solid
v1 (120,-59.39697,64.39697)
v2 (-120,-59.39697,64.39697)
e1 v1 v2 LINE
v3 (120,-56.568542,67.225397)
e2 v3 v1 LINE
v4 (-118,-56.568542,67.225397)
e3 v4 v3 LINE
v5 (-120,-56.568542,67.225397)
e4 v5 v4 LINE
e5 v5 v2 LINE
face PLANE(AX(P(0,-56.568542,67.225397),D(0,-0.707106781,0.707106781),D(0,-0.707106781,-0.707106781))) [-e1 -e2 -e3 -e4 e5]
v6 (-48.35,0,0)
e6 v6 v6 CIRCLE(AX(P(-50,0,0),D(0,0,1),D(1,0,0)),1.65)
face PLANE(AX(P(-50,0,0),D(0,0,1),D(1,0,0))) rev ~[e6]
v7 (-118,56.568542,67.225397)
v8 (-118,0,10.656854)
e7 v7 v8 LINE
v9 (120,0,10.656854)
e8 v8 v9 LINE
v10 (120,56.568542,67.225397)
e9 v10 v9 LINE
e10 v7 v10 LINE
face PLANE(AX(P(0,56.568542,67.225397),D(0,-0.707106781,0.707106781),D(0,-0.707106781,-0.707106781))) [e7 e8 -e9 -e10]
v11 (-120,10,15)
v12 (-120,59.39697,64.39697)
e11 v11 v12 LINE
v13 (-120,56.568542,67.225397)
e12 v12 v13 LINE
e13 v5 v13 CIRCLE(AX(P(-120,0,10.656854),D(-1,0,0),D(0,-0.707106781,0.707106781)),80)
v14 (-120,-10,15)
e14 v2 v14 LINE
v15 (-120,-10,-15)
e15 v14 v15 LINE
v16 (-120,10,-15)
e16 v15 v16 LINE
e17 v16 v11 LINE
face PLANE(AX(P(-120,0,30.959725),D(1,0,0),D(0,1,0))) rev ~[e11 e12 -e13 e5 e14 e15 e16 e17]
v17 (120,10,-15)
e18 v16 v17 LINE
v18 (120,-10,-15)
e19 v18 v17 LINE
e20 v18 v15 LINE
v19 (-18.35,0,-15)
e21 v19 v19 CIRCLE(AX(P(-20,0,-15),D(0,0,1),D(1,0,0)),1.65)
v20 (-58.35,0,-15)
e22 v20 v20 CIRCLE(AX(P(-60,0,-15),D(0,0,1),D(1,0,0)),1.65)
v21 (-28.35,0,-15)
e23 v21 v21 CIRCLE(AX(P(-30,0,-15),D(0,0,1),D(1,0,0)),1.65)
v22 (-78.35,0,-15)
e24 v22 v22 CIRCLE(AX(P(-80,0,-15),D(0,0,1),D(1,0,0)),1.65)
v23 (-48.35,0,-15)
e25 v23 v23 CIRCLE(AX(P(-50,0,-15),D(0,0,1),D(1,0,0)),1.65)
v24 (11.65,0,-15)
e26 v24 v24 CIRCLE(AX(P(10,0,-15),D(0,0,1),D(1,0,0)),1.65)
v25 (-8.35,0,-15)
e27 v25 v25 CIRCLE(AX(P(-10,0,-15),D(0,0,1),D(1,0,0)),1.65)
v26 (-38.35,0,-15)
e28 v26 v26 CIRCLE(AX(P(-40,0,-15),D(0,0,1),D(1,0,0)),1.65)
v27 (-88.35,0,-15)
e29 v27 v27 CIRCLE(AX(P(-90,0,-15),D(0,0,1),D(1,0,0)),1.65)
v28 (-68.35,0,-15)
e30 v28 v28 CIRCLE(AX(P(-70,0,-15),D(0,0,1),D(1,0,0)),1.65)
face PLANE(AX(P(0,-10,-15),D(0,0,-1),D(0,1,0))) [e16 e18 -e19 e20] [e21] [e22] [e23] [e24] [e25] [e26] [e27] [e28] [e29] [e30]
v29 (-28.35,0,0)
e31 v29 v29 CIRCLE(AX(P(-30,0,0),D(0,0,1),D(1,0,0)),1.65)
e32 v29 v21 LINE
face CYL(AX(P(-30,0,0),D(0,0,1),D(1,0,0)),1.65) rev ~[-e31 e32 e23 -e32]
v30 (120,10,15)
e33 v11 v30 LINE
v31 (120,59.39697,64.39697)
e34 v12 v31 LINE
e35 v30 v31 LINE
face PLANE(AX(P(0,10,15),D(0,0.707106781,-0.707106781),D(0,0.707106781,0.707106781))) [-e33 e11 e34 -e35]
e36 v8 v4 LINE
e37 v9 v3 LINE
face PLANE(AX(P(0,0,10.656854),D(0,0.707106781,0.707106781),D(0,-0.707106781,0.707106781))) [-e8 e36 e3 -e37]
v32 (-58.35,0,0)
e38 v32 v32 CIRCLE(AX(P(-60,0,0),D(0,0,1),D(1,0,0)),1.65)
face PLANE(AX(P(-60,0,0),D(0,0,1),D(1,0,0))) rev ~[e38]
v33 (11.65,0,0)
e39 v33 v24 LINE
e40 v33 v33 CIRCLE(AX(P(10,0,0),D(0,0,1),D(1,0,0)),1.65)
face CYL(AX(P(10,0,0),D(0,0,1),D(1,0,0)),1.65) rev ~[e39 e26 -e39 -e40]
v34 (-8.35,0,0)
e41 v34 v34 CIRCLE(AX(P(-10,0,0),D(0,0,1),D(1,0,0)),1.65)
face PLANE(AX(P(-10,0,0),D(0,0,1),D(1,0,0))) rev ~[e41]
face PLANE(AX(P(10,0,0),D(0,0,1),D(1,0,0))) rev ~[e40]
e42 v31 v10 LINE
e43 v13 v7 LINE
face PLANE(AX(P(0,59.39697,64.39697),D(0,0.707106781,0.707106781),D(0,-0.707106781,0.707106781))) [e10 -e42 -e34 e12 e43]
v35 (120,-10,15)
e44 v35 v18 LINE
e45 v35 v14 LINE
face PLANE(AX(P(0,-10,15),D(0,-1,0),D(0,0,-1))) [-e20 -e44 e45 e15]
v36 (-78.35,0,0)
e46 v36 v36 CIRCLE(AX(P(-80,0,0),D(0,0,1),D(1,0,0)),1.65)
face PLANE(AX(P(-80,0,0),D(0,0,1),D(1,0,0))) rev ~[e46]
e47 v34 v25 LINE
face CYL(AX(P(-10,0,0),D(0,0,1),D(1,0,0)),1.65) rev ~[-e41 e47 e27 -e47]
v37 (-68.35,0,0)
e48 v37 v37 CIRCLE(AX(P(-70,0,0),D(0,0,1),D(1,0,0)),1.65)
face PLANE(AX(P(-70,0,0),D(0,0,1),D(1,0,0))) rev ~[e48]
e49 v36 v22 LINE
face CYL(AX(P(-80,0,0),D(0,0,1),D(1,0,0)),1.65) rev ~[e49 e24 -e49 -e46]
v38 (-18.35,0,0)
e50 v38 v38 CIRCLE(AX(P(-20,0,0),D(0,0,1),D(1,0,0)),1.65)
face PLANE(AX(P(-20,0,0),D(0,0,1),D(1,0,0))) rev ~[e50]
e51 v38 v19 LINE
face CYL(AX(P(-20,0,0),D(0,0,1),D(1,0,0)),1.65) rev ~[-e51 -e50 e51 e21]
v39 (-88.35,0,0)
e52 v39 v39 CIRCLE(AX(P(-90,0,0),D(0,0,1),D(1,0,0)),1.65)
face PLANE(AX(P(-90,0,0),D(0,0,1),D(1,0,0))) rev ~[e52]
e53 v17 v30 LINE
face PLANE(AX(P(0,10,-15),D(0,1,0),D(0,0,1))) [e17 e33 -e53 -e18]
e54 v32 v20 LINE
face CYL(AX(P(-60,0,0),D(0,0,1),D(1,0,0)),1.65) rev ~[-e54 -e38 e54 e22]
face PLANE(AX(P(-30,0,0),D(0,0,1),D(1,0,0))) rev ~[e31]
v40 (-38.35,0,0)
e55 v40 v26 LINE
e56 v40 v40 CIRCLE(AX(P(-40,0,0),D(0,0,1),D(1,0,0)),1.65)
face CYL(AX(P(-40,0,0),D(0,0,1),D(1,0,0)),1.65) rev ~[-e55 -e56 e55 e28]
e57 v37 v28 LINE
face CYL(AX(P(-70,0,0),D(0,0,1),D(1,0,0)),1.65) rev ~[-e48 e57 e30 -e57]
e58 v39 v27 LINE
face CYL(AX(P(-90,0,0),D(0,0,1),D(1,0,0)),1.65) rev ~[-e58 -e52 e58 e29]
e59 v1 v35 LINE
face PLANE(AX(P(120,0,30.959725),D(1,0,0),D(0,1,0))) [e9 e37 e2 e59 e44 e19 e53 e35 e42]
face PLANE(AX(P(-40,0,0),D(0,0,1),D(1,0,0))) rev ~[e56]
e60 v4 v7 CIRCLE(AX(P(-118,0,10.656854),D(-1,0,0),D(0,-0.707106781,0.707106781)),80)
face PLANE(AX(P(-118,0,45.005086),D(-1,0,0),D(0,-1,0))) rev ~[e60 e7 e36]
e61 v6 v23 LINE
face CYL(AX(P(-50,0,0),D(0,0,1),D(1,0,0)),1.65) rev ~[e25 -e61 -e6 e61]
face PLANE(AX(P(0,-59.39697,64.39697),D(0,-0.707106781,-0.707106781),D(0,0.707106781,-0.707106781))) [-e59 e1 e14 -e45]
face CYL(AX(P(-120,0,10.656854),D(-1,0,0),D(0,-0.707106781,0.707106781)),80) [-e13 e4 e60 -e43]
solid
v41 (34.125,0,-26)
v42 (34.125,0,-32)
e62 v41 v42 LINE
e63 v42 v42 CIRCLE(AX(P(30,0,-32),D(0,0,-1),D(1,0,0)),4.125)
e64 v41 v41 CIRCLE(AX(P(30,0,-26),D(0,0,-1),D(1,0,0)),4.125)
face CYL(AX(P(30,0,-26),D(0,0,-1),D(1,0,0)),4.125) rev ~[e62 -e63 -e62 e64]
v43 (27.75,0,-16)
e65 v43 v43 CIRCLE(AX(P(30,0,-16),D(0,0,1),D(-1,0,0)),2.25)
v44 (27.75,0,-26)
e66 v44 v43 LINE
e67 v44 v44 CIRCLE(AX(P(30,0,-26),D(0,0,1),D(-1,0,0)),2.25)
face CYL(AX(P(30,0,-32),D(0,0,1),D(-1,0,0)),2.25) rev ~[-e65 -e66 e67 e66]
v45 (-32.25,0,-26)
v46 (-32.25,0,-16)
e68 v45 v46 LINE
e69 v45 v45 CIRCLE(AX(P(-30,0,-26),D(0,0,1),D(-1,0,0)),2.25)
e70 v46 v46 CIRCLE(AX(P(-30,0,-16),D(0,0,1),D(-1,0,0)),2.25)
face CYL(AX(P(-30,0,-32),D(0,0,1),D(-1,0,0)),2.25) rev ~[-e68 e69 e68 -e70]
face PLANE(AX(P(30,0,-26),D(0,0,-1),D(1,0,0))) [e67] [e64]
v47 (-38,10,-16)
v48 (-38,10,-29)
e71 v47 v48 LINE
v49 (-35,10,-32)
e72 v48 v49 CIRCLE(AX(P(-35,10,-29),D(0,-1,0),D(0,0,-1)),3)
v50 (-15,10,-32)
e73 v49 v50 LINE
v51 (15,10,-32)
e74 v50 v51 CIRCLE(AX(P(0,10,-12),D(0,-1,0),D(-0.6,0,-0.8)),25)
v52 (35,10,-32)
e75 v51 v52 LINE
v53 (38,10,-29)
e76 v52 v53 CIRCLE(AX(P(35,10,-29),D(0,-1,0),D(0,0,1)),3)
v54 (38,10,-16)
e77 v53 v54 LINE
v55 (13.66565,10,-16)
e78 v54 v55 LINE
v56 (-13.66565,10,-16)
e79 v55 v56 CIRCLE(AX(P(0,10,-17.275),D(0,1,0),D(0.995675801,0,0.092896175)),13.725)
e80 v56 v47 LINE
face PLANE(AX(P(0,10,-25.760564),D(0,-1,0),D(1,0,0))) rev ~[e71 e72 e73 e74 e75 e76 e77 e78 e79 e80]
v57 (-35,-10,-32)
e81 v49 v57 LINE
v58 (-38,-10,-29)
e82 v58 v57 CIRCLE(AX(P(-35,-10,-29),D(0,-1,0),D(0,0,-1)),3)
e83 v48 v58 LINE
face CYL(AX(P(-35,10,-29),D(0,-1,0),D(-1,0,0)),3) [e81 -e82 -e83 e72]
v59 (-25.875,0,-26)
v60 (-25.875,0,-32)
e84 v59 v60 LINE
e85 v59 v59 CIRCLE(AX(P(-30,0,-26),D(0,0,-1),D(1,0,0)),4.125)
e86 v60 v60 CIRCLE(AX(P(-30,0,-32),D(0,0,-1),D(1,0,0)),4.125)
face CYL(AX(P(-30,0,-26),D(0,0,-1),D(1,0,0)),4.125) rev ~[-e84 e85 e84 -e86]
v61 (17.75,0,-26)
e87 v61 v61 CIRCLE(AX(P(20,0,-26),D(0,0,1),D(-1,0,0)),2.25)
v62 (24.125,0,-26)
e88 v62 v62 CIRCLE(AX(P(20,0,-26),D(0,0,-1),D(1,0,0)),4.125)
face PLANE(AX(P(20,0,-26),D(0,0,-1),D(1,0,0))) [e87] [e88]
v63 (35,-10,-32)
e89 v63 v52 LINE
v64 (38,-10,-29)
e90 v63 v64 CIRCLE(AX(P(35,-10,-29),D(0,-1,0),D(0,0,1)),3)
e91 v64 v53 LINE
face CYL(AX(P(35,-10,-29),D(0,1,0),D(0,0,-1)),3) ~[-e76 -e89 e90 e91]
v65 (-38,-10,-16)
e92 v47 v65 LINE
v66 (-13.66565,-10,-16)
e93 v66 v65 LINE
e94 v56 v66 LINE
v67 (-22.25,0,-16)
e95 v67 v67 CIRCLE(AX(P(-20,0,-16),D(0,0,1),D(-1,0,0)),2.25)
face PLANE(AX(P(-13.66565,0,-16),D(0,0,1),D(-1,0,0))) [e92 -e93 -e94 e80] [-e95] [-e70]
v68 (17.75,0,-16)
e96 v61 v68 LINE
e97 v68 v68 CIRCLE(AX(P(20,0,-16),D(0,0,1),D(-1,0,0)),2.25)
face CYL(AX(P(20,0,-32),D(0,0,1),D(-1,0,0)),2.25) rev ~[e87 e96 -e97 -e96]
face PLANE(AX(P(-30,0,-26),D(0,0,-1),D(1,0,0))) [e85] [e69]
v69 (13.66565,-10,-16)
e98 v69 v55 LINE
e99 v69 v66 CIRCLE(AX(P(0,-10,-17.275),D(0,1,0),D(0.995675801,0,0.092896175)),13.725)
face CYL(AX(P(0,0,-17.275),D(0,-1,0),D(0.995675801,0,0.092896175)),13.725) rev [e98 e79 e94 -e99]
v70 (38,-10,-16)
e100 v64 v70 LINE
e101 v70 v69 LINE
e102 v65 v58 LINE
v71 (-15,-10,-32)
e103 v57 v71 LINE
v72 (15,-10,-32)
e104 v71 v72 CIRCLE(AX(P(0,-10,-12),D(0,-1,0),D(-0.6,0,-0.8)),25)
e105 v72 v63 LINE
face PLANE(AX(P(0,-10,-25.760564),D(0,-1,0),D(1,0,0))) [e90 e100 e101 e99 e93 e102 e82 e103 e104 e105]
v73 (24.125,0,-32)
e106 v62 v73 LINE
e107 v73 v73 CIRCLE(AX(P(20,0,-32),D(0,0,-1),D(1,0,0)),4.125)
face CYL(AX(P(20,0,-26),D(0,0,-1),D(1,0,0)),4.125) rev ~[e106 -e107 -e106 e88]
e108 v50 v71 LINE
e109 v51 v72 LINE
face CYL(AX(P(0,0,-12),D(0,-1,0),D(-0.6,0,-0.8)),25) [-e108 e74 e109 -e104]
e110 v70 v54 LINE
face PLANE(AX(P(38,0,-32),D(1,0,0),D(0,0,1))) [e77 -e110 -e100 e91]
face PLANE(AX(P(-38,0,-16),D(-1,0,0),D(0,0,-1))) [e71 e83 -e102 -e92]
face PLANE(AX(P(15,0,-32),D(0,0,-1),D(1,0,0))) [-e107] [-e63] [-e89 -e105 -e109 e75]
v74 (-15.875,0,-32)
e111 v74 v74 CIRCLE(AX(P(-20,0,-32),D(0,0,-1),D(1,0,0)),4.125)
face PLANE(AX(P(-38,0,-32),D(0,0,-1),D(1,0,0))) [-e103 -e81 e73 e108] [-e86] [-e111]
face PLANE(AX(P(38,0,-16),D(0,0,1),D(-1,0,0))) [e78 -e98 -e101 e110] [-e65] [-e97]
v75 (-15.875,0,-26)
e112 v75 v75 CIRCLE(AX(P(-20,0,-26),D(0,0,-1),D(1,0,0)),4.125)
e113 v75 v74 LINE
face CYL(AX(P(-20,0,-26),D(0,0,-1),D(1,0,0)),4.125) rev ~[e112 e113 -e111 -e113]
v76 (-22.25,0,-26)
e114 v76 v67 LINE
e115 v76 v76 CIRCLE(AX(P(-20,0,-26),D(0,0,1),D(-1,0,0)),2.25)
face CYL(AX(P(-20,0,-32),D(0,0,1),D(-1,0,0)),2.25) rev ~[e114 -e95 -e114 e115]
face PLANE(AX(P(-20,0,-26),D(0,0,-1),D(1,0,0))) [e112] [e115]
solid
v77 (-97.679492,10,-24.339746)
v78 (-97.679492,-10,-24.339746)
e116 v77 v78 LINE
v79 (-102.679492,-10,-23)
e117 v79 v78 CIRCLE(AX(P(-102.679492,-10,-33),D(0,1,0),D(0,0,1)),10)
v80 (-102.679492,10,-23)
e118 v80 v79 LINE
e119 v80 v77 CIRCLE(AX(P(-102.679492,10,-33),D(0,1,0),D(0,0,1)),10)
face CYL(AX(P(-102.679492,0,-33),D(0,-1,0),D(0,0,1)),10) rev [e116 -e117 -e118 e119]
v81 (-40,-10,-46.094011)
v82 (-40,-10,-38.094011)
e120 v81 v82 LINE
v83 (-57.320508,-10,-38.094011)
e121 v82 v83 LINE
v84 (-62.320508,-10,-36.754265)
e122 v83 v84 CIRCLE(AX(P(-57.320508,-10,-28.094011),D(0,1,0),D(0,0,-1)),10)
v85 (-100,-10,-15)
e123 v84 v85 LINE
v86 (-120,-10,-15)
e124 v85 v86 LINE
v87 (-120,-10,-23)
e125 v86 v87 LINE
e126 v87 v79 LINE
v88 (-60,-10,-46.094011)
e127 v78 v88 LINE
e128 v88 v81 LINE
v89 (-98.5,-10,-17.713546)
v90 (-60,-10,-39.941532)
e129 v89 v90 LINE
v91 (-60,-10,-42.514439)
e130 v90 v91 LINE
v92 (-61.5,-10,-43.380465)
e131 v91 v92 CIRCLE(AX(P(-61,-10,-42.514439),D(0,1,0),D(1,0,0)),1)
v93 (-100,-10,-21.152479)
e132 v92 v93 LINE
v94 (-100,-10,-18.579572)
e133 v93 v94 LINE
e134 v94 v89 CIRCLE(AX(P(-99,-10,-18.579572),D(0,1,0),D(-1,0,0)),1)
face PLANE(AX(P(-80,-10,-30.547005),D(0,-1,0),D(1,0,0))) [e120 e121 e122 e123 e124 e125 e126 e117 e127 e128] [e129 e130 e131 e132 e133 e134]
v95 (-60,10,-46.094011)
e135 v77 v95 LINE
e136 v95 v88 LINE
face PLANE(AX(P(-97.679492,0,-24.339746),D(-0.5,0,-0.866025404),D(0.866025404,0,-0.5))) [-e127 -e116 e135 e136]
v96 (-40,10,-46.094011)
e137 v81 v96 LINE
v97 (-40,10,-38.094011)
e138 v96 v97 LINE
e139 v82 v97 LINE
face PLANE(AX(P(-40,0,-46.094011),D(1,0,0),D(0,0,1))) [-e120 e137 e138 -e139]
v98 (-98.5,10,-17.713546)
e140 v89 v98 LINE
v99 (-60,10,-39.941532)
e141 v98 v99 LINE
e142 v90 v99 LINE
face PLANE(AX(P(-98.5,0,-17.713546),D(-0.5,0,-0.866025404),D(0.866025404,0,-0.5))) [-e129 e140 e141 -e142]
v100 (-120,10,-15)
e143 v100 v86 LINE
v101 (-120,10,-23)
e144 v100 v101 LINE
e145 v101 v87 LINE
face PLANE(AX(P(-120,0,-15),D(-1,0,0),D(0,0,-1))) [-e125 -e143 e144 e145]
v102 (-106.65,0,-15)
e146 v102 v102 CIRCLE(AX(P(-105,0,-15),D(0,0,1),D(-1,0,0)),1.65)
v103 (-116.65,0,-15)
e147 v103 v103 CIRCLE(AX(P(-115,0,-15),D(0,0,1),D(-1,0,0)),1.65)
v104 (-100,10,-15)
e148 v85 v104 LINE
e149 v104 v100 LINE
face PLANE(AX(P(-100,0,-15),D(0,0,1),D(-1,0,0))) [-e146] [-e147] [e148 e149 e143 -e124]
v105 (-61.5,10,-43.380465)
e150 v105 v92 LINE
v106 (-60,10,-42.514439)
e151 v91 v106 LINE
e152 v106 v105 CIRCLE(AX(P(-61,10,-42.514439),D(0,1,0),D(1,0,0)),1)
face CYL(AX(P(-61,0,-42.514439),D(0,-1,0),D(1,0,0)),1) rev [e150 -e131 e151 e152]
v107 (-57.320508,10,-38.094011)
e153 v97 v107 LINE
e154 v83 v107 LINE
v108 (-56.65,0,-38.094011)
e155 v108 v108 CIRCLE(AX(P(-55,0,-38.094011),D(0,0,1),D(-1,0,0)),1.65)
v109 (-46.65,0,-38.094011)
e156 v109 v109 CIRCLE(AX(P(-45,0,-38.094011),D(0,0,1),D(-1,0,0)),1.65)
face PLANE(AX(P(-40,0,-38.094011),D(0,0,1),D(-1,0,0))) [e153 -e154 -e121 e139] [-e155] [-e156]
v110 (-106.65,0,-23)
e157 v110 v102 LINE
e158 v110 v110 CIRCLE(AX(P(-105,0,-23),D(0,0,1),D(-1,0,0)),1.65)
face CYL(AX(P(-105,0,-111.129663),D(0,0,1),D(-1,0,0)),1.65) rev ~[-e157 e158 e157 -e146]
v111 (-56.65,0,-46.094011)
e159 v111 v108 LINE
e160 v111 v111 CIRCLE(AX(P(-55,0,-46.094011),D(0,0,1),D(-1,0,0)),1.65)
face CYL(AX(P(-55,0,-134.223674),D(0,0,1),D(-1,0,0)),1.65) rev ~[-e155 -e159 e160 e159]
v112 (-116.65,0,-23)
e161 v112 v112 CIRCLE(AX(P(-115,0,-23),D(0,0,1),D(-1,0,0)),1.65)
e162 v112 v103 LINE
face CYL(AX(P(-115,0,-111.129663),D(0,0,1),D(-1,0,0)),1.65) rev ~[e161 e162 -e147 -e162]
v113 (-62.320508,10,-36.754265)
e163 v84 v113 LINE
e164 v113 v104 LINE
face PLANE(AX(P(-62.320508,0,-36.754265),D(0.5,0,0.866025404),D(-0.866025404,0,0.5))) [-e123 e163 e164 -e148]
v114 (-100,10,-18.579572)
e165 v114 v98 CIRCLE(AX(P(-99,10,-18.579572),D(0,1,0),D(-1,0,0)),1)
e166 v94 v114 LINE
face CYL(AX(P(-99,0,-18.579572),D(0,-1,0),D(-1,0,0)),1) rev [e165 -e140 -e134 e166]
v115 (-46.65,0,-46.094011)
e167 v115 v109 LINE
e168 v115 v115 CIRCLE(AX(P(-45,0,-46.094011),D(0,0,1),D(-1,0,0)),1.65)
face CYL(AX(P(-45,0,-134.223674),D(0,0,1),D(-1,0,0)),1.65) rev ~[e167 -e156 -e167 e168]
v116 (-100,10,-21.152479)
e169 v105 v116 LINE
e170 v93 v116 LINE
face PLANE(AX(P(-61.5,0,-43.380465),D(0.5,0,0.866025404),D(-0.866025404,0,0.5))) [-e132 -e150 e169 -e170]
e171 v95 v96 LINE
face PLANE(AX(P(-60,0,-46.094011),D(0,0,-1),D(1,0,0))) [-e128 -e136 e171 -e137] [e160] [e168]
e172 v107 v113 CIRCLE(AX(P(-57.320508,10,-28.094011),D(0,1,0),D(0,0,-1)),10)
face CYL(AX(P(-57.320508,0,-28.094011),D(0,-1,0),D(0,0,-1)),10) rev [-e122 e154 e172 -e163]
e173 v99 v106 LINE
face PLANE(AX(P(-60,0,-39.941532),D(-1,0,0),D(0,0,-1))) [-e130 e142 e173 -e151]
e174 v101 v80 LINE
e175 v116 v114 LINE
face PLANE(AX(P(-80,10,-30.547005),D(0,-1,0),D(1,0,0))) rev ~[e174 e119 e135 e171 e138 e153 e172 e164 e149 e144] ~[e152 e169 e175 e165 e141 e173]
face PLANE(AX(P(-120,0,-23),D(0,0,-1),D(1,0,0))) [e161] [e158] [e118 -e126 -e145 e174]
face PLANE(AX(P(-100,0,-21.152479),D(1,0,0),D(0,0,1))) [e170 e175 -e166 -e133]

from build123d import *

# Parameters (mm, degrees)
F1_DEPTH        = 120
F1_DEPTH_BACK   = 120
F3_DEPTH        = 10
F3_DEPTH_BACK   = 10
F5_D            = 3.3
F5_DEPTH        = 15.001
F8_D            = 3.3
F8_ON_F6_D      = 3.3
F10_DEPTH       = 2
F12_DEPTH       = 10
F14_D           = 4.5
F14_DEPTH       = 40
F14_CBORE_D     = 8.25
F14_CBORE_DEPTH = 6
F14_TIP         = 1.3519363928
F15_R           = 3


with BuildPart() as f1:
    # F0 (on Right) → F1 (new body, two sides)
    with BuildSketch(Plane.YZ) as f1_sk:
        Polygon((-10, -15), (10, -15), (10, 15), (59.3969696197, 64.3969696197), (56.5685424949, 67.2253967444), (0, 10.6568542495), (-56.5685424949, 67.2253967444), (-59.3969696197, 64.3969696197), (-10, 15), align=None)
    extrude(amount=F1_DEPTH)
    extrude(f1_sk.sketch, amount=-F1_DEPTH_BACK)

    # F5 (through all, one way)
    with BuildSketch(Plane.XY):
        with Locations((-90, 0), (-80, 0), (-70, 0), (-60, 0), (-50, 0), (-40, 0), (-30, 0), (-20, 0), (-10, 0), (10, 0)):
            Circle(F5_D / 2)
    extrude(amount=-F5_DEPTH, mode=Mode.SUBTRACT)

    # F9 (on face) → F10 (join)
    with BuildSketch(Plane(origin=(-120, 0, 0), x_dir=(0, -1, 0), z_dir=(-1, 0, 0))):
        with BuildLine():
            Line((-56.5685424949, 67.2253967444), (-59.3969696197, 64.3969696197))
            Line((-59.3969696197, 64.3969696197), (-10, 15))
            Line((-10, 15), (-10, -15))
            Line((-10, -15), (10, -15))
            Line((10, -15), (10, 15))
            Line((10, 15), (59.3969696197, 64.3969696197))
            Line((59.3969696197, 64.3969696197), (56.5685424949, 67.2253967444))
            ThreePointArc((56.5685424949, 67.2253967444), (0, 90.6568542495), (-56.5685424949, 67.2253967444))
        make_face()
    extrude(amount=-F10_DEPTH)


with BuildPart() as f3:
    # F2 (on Front) → F3 (new body, two sides)
    with BuildSketch(Plane.XZ) as f3_sk:
        with BuildLine():
            Line((-100, -15), (-120, -15))
            Line((-120, -15), (-120, -23))
            Line((-120, -23), (-102.6794919243, -23))
            ThreePointArc((-102.6794919243, -23), (-100.0913014733, -23.3407417371), (-97.6794919243, -24.3397459622))
            Line((-97.6794919243, -24.3397459622), (-60, -46.0940107676))
            Line((-60, -46.0940107676), (-40, -46.0940107676))
            Line((-40, -46.0940107676), (-40, -38.0940107676))
            Line((-40, -38.0940107676), (-57.3205080757, -38.0940107676))
            ThreePointArc((-57.3205080757, -38.0940107676), (-59.9086985267, -37.7532690305), (-62.3205080757, -36.7542648054))
            Line((-62.3205080757, -36.7542648054), (-100, -15))
        make_face()
        with BuildLine():
            Line((-61.5, -43.3804645024), (-100, -21.1524791386))
            Line((-100, -21.1524791386), (-100, -18.579571669))
            ThreePointArc((-100, -18.579571669), (-99.5, -17.7135462652), (-98.5, -17.7135462652))
            Line((-98.5, -17.7135462652), (-60, -39.941531629))
            Line((-60, -39.941531629), (-60, -42.5144390986))
            ThreePointArc((-60, -42.5144390986), (-60.5, -43.3804645024), (-61.5, -43.3804645024))
        make_face(mode=Mode.SUBTRACT)
    extrude(amount=F3_DEPTH)
    extrude(f3_sk.sketch, amount=-F3_DEPTH_BACK)

    # F8 (through all)
    with Locations(Plane(origin=(0, 0, -46.0940107676), x_dir=(1, 0, 0), z_dir=(0, 0, -1))):
        with Locations((-45, 0), (-55, 0)):
            Hole(F8_D / 2)

    # F8 on F6 (through all)
    with Locations(Plane(origin=(0, 0, -23), x_dir=(1, 0, 0), z_dir=(0, 0, -1))):
        with Locations((-105, 0), (-115, 0)):
            Hole(F8_ON_F6_D / 2)


with BuildPart() as f12:
    # F11 (on Front) → F12 (new body, symmetric)
    with BuildSketch(Plane.XZ):
        with BuildLine():
            ThreePointArc((13.6656503687, -16), (0, -31), (-13.6656503687, -16))
            Line((-13.6656503687, -16), (-38, -16))
            Line((-38, -16), (-38, -32))
            Line((-38, -32), (-15, -32))
            ThreePointArc((-15, -32), (0, -37), (15, -32))
            Line((15, -32), (38, -32))
            Line((38, -32), (38, -16))
            Line((38, -16), (13.6656503687, -16))
        make_face()
    extrude(amount=F12_DEPTH, both=True)

    # F14
    with Locations(Plane(origin=(0, 0, -32), x_dir=(1, 0, 0), z_dir=(0, 0, -1))):
        with Locations((-30, 0), (-20, 0), (20, 0), (30, 0)):
            CounterBoreHole(F14_D / 2, F14_CBORE_D / 2, F14_CBORE_DEPTH, depth=F14_DEPTH)
            with Locations((0, 0, -(F14_DEPTH + F14_TIP / 2))):  # 118° drill point
                Cone(0, F14_D / 2, F14_TIP, mode=Mode.SUBTRACT)

    # F15
    f15_edges = [f12.edges().sort_by_distance(p)[0] for p in [
        (-38, 0, -32),
        (38, 0, -32),
    ]]
    fillet(f15_edges, radius=F15_R)


solid = Compound([f1.part, f3.part, f12.part])
